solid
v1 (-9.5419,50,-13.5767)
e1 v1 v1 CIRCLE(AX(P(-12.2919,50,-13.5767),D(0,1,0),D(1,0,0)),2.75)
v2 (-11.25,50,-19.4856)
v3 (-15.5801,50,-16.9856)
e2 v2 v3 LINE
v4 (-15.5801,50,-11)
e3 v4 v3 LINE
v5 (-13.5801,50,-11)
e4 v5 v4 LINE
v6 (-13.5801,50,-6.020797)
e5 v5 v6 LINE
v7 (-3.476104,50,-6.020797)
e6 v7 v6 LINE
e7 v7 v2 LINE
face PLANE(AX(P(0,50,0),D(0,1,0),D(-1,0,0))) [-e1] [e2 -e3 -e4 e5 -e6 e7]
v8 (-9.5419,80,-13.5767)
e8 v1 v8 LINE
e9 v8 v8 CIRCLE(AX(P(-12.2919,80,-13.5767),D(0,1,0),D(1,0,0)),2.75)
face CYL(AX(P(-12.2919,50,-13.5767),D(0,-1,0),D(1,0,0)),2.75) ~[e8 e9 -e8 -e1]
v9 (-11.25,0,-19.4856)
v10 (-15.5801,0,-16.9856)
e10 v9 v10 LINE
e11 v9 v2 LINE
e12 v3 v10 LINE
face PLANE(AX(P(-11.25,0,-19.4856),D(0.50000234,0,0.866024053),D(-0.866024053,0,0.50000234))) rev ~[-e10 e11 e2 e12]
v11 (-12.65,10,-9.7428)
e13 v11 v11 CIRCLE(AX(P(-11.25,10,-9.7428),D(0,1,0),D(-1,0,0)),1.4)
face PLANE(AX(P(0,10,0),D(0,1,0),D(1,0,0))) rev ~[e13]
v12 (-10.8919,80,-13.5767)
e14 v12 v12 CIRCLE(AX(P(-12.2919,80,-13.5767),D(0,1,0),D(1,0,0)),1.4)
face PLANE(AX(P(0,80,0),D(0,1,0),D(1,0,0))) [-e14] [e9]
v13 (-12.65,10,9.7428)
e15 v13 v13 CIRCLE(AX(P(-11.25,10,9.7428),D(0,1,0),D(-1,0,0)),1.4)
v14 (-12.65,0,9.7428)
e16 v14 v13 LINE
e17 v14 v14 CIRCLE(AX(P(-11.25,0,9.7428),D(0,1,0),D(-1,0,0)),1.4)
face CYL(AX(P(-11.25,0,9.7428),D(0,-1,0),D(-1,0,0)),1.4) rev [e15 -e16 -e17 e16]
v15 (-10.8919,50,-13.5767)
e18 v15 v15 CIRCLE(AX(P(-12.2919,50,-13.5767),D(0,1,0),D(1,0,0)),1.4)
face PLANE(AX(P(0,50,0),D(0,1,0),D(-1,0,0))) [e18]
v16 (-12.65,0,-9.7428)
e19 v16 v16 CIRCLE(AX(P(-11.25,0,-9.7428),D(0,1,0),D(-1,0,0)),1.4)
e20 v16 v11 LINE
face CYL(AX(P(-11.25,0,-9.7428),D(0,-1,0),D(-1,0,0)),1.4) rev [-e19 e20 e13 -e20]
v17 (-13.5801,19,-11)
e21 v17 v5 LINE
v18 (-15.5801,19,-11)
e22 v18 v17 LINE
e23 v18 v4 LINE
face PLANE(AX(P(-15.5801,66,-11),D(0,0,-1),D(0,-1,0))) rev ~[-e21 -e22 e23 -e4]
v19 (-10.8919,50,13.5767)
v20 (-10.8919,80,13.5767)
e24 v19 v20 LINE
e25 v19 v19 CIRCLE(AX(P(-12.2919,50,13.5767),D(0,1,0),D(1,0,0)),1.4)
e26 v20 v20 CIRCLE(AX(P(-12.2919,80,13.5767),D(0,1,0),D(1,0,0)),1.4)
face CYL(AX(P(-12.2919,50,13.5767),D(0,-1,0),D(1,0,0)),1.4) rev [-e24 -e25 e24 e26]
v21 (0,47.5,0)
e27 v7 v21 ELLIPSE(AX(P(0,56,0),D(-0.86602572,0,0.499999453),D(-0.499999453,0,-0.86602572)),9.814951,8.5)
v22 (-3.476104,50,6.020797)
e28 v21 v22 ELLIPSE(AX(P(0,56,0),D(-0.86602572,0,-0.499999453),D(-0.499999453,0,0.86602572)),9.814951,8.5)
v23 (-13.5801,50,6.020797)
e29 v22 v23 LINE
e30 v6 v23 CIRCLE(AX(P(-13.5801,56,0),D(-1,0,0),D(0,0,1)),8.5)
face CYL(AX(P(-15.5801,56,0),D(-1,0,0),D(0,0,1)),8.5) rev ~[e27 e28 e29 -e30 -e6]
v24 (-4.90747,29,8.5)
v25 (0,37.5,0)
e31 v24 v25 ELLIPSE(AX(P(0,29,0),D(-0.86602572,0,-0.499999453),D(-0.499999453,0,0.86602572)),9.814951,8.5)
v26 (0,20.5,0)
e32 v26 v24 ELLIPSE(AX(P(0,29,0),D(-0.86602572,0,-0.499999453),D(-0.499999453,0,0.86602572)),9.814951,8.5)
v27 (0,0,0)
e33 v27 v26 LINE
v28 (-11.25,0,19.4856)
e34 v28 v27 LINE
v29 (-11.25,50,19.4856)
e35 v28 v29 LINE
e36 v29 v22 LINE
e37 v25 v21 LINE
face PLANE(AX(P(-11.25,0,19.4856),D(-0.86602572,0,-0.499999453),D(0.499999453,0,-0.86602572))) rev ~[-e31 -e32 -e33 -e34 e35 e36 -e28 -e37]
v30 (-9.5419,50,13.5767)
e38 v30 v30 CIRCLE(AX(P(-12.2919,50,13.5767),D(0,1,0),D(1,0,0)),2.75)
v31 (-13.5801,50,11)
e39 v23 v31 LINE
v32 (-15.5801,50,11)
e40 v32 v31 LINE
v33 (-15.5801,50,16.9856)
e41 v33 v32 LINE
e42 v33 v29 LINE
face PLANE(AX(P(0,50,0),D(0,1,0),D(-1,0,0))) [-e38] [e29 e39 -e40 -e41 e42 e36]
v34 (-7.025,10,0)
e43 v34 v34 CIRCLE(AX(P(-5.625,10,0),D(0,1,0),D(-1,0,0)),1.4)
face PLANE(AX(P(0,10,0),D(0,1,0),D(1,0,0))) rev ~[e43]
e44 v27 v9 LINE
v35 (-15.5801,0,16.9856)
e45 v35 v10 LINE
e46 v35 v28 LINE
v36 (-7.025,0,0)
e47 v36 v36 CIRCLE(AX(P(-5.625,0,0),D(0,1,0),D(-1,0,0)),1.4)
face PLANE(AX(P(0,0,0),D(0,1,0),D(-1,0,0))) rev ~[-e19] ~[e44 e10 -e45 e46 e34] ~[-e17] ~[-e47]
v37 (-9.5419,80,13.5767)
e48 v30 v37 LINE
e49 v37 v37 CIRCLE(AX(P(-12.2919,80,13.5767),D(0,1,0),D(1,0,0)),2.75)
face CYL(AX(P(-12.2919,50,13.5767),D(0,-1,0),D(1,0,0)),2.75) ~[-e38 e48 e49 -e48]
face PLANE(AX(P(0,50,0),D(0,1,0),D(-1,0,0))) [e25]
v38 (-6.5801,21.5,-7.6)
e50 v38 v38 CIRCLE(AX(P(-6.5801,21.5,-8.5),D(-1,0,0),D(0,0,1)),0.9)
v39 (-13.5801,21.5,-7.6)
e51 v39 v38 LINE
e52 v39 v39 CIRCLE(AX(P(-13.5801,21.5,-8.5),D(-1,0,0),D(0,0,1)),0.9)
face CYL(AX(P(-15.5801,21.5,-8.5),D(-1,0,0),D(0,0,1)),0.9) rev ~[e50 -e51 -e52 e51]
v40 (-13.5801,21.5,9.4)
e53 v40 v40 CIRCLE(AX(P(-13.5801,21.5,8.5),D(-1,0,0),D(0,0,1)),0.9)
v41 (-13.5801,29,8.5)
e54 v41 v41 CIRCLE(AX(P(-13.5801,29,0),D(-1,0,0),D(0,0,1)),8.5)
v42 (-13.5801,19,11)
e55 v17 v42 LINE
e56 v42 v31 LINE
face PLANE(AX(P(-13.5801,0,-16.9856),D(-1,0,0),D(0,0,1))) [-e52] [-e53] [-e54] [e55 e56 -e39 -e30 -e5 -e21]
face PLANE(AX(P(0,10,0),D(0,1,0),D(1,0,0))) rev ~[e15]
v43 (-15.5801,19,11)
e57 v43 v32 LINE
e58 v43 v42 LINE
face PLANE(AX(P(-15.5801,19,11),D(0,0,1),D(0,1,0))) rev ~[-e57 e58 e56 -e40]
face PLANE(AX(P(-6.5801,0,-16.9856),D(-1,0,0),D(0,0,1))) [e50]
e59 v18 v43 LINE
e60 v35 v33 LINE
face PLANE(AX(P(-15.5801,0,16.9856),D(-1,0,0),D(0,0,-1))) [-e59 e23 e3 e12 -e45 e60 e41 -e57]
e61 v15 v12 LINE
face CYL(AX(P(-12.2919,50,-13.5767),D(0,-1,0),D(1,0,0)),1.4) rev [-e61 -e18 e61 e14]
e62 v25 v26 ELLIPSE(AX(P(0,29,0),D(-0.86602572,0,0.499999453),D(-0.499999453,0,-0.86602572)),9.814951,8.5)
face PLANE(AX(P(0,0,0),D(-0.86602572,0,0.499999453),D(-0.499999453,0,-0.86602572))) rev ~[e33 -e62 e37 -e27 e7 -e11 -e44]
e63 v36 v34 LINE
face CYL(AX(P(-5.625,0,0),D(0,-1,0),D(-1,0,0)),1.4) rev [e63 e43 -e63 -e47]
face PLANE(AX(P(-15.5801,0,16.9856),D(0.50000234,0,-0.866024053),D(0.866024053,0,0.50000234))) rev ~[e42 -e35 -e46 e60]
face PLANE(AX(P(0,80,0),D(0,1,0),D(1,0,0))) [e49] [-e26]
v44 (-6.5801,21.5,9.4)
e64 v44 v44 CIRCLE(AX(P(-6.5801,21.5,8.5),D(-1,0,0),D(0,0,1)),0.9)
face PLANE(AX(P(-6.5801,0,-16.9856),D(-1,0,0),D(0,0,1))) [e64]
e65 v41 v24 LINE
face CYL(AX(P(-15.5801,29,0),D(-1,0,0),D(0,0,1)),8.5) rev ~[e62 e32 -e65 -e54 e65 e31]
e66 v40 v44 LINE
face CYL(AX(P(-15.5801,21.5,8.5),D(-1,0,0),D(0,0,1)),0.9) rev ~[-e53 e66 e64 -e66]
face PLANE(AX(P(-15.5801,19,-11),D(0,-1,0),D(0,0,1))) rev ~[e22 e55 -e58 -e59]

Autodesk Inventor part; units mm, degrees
ref_plane "YZ Plane" through (0, 0, 0) normal (1, 0, 0) x (0, 1, 0)
ref_plane "XZ Plane" through (0, 0, 0) normal (0, 1, 0) x (-1, 0, 0)
ref_plane "XY Plane" through (0, 0, 0) normal (0, 0, 1) x (1, 0, 0)
sketch "Sketch1" plane through (0, 0, 0) normal (0, 1, 0) x (-1, 0, 0)
  line L0 (15.5801, 16.9856) -> (11.25, 19.4856)
  line L1 (11.25, -19.4856) -> (15.5801, -16.9856)
  line L2 (11.25, 19.4856) -> (0, 0)
  line L3 (0, 0) -> (11.25, -19.4856)
  line L4 (15.5801, 16.9856) -> (15.5801, -16.9856)
  circle A0 centre (5.625, 0) radius 1.4
  circle A1 centre (11.25, -9.7428) radius 1.4
  circle A2 centre (11.25, 9.7428) radius 1.4
  dimension "d4" = 2.8
  dimension "d5" = 2.8
  dimension "d6" = 2.8
extrude "Extrusion1" add sketch "Sketch1" along normal blind 50
sketch "Sketch3" plane through (0, 50, 0) normal (0, 1, 0) x (1, 0, 0)
  circle A0 centre (-11.25, -9.7428) radius 1.4 projected
  circle A1 centre (-11.25, 9.7428) radius 1.4 projected
  circle A2 centre (-5.625, 0) radius 1.4 projected
  line L0 (-15.5801, -16.9856) -> (-11.25, -19.4856) projected
  line L1 (-11.25, -19.4856) -> (0, 0) projected
  line L2 (0, 0) -> (-11.25, 19.4856) projected
  line L3 (-11.25, 19.4856) -> (-15.5801, 16.9856) projected
  line L4 (-15.5801, 16.9856) -> (-15.5801, -16.9856) projected
  line L5 (-11.25, 0) -> (-15.5801, 16.9856)
  line L6 (-11.25, 0) -> (-15.5801, -16.9856)
  dimension "d15" = 5.625
extrude "Extrusion3" add sketch "Sketch3" against normal blind 40 contours A0 | A1 | A2 | L4 L5 L6
sketch "Sketch4" plane through (0, 50, 0) normal (0, 1, 0) x (1, 0, 0)
  line L0 (-11.25, -19.4856) -> (-5.25, -19.4856) construction
  circle A0 centre (-12.2919, -13.5767) radius 1.4
  line L1 (0, 0) -> (-15.5801, 0)
  line L2 (-15.5801, 16.9856) -> (-15.5801, -16.9856) projected
  circle A1 centre (-12.2919, 13.5767) radius 1.4
  circle A2 centre (-12.2919, 13.5767) radius 2.75
  circle A3 centre (-12.2919, -13.5767) radius 2.75
  point P0 (-11.25, 19.4856)
  dimension "d12" = 2.8
  dimension "d78" = 5.5
  dimension "d79" = 5.5
extrude "Extrusion4" add sketch "Sketch4" along normal blind 30
sketch "Sketch6" plane through (-15.5801, 0, -16.9856) normal (-1, 0, 0) x (0, 0, 1)
  line L0 (16.9856, 15) -> (16.9856, 20)
  line L1 (16.9856, 50) -> (16.9856, 23) projected
  line L2 (16.9856, 20) -> (6.9856, 20)
  line L3 (26.9856, 20) -> (16.9856, 20)
  line L4 (6.9856, 20) -> (8.4856, 20)
  line L5 (8.4856, 20) -> (8.4856, 21.5)
  line L6 (26.9856, 20) -> (25.4856, 20)
  line L7 (25.4856, 20) -> (25.4856, 21.5)
  circle A0 centre (25.4856, 21.5) radius 0.6
  circle A1 centre (8.4856, 21.5) radius 0.6
  line L8 (16.9856, 20) -> (16.9856, 29)
  circle A2 centre (16.9856, 29) radius 8.5
  line L9 (16.9856, 29) -> (16.9856, 56)
  circle A3 centre (16.9856, 56) radius 8.5
  line L10 (26.9856, 20) -> (26.9856, 65)
  line L11 (26.9856, 65) -> (6.9856, 65)
  line L12 (6.9856, 65) -> (6.9856, 20)
  point P0 (16.9856, 0)
  dimension "d23" = 5
  dimension "d24" = 10
  dimension "d28" = 1.5
  dimension "d29" = 1.5
  dimension "d30" = 1.5
  dimension "d31" = 1.5
  dimension "d32" = 1.2
  dimension "d33" = 1.2
  dimension "d34" = 9
  dimension "d35" = 17
  dimension "d36" = 27
  dimension "d37" = 17
  dimension "d38" = 45
  dimension "d39" = 20
extrude "Extrusion6" cut sketch "Sketch6" against normal through all contours L1 A2 L8 | L1 L8 A2 | A3
sketch "Sketch7" plane through (-15.5801, 0, -16.9856) normal (-1, 0, 0) x (0, 0, 1)
  line L0 (16.9856, 15) -> (16.9856, 20)
  line L1 (16.9856, 50) -> (16.9856, 15)
  line L2 (16.9856, 20) -> (6.9856, 20)
  line L3 (26.9856, 20) -> (16.9856, 20)
  line L4 (6.9856, 20) -> (8.4856, 20)
  line L5 (8.4856, 20) -> (8.4856, 21.5)
  line L6 (26.9856, 20) -> (25.4856, 20)
  line L7 (25.4856, 20) -> (25.4856, 21.5)
  circle A0 centre (25.4856, 21.5) radius 0.9
  circle A1 centre (8.4856, 21.5) radius 0.9
  line L8 (16.9856, 20) -> (16.9856, 29)
  circle A2 centre (16.9856, 29) radius 8.5
  line L9 (16.9856, 29) -> (16.9856, 56)
  circle A3 centre (16.9856, 56) radius 8.5
  line L10 (26.9856, 20) -> (26.9856, 65)
  line L11 (26.9856, 65) -> (6.9856, 65)
  line L12 (6.9856, 65) -> (6.9856, 20)
  point P0 (16.9856, 0)
  point P1 (16.9856, 0)
  dimension "d42" = 5
  dimension "d43" = 10
  dimension "d44" = 1.5
  dimension "d45" = 1.5
  dimension "d46" = 1.5
  dimension "d47" = 1.5
  dimension "d48" = 1.8
  dimension "d49" = 1.8
  dimension "d50" = 9
  dimension "d51" = 17
  dimension "d52" = 27
  dimension "d53" = 17
  dimension "d54" = 45
  dimension "d55" = 20
extrude "Extrusion7" cut sketch "Sketch7" against normal blind 9 contours A0 | A1
sketch "Sketch8" plane through (-15.5801, 0, -16.9856) normal (-1, 0, 0) x (0, 0, 1)
  line L0 (5.9856, 20) -> (5.9856, 19)
  line L1 (28.0623, 50) -> (28.0623, 80) projected
  line L2 (26.9856, 66) -> (27.9856, 66)
  line L3 (27.9856, 66) -> (5.9856, 66)
  line L4 (5.9856, 66) -> (5.9856, 19)
  line L5 (5.9856, 19) -> (27.9856, 19)
  line L6 (27.9856, 19) -> (27.9856, 66)
  point P0 (16.9856, 0)
  point P1 (16.9856, 15)
  dimension "d73" = 1
  dimension "d75" = 1
extrude "Extrusion8" cut sketch "Sketch8" against normal blind 2
properties part number "Support" material "ABS Plastic"
